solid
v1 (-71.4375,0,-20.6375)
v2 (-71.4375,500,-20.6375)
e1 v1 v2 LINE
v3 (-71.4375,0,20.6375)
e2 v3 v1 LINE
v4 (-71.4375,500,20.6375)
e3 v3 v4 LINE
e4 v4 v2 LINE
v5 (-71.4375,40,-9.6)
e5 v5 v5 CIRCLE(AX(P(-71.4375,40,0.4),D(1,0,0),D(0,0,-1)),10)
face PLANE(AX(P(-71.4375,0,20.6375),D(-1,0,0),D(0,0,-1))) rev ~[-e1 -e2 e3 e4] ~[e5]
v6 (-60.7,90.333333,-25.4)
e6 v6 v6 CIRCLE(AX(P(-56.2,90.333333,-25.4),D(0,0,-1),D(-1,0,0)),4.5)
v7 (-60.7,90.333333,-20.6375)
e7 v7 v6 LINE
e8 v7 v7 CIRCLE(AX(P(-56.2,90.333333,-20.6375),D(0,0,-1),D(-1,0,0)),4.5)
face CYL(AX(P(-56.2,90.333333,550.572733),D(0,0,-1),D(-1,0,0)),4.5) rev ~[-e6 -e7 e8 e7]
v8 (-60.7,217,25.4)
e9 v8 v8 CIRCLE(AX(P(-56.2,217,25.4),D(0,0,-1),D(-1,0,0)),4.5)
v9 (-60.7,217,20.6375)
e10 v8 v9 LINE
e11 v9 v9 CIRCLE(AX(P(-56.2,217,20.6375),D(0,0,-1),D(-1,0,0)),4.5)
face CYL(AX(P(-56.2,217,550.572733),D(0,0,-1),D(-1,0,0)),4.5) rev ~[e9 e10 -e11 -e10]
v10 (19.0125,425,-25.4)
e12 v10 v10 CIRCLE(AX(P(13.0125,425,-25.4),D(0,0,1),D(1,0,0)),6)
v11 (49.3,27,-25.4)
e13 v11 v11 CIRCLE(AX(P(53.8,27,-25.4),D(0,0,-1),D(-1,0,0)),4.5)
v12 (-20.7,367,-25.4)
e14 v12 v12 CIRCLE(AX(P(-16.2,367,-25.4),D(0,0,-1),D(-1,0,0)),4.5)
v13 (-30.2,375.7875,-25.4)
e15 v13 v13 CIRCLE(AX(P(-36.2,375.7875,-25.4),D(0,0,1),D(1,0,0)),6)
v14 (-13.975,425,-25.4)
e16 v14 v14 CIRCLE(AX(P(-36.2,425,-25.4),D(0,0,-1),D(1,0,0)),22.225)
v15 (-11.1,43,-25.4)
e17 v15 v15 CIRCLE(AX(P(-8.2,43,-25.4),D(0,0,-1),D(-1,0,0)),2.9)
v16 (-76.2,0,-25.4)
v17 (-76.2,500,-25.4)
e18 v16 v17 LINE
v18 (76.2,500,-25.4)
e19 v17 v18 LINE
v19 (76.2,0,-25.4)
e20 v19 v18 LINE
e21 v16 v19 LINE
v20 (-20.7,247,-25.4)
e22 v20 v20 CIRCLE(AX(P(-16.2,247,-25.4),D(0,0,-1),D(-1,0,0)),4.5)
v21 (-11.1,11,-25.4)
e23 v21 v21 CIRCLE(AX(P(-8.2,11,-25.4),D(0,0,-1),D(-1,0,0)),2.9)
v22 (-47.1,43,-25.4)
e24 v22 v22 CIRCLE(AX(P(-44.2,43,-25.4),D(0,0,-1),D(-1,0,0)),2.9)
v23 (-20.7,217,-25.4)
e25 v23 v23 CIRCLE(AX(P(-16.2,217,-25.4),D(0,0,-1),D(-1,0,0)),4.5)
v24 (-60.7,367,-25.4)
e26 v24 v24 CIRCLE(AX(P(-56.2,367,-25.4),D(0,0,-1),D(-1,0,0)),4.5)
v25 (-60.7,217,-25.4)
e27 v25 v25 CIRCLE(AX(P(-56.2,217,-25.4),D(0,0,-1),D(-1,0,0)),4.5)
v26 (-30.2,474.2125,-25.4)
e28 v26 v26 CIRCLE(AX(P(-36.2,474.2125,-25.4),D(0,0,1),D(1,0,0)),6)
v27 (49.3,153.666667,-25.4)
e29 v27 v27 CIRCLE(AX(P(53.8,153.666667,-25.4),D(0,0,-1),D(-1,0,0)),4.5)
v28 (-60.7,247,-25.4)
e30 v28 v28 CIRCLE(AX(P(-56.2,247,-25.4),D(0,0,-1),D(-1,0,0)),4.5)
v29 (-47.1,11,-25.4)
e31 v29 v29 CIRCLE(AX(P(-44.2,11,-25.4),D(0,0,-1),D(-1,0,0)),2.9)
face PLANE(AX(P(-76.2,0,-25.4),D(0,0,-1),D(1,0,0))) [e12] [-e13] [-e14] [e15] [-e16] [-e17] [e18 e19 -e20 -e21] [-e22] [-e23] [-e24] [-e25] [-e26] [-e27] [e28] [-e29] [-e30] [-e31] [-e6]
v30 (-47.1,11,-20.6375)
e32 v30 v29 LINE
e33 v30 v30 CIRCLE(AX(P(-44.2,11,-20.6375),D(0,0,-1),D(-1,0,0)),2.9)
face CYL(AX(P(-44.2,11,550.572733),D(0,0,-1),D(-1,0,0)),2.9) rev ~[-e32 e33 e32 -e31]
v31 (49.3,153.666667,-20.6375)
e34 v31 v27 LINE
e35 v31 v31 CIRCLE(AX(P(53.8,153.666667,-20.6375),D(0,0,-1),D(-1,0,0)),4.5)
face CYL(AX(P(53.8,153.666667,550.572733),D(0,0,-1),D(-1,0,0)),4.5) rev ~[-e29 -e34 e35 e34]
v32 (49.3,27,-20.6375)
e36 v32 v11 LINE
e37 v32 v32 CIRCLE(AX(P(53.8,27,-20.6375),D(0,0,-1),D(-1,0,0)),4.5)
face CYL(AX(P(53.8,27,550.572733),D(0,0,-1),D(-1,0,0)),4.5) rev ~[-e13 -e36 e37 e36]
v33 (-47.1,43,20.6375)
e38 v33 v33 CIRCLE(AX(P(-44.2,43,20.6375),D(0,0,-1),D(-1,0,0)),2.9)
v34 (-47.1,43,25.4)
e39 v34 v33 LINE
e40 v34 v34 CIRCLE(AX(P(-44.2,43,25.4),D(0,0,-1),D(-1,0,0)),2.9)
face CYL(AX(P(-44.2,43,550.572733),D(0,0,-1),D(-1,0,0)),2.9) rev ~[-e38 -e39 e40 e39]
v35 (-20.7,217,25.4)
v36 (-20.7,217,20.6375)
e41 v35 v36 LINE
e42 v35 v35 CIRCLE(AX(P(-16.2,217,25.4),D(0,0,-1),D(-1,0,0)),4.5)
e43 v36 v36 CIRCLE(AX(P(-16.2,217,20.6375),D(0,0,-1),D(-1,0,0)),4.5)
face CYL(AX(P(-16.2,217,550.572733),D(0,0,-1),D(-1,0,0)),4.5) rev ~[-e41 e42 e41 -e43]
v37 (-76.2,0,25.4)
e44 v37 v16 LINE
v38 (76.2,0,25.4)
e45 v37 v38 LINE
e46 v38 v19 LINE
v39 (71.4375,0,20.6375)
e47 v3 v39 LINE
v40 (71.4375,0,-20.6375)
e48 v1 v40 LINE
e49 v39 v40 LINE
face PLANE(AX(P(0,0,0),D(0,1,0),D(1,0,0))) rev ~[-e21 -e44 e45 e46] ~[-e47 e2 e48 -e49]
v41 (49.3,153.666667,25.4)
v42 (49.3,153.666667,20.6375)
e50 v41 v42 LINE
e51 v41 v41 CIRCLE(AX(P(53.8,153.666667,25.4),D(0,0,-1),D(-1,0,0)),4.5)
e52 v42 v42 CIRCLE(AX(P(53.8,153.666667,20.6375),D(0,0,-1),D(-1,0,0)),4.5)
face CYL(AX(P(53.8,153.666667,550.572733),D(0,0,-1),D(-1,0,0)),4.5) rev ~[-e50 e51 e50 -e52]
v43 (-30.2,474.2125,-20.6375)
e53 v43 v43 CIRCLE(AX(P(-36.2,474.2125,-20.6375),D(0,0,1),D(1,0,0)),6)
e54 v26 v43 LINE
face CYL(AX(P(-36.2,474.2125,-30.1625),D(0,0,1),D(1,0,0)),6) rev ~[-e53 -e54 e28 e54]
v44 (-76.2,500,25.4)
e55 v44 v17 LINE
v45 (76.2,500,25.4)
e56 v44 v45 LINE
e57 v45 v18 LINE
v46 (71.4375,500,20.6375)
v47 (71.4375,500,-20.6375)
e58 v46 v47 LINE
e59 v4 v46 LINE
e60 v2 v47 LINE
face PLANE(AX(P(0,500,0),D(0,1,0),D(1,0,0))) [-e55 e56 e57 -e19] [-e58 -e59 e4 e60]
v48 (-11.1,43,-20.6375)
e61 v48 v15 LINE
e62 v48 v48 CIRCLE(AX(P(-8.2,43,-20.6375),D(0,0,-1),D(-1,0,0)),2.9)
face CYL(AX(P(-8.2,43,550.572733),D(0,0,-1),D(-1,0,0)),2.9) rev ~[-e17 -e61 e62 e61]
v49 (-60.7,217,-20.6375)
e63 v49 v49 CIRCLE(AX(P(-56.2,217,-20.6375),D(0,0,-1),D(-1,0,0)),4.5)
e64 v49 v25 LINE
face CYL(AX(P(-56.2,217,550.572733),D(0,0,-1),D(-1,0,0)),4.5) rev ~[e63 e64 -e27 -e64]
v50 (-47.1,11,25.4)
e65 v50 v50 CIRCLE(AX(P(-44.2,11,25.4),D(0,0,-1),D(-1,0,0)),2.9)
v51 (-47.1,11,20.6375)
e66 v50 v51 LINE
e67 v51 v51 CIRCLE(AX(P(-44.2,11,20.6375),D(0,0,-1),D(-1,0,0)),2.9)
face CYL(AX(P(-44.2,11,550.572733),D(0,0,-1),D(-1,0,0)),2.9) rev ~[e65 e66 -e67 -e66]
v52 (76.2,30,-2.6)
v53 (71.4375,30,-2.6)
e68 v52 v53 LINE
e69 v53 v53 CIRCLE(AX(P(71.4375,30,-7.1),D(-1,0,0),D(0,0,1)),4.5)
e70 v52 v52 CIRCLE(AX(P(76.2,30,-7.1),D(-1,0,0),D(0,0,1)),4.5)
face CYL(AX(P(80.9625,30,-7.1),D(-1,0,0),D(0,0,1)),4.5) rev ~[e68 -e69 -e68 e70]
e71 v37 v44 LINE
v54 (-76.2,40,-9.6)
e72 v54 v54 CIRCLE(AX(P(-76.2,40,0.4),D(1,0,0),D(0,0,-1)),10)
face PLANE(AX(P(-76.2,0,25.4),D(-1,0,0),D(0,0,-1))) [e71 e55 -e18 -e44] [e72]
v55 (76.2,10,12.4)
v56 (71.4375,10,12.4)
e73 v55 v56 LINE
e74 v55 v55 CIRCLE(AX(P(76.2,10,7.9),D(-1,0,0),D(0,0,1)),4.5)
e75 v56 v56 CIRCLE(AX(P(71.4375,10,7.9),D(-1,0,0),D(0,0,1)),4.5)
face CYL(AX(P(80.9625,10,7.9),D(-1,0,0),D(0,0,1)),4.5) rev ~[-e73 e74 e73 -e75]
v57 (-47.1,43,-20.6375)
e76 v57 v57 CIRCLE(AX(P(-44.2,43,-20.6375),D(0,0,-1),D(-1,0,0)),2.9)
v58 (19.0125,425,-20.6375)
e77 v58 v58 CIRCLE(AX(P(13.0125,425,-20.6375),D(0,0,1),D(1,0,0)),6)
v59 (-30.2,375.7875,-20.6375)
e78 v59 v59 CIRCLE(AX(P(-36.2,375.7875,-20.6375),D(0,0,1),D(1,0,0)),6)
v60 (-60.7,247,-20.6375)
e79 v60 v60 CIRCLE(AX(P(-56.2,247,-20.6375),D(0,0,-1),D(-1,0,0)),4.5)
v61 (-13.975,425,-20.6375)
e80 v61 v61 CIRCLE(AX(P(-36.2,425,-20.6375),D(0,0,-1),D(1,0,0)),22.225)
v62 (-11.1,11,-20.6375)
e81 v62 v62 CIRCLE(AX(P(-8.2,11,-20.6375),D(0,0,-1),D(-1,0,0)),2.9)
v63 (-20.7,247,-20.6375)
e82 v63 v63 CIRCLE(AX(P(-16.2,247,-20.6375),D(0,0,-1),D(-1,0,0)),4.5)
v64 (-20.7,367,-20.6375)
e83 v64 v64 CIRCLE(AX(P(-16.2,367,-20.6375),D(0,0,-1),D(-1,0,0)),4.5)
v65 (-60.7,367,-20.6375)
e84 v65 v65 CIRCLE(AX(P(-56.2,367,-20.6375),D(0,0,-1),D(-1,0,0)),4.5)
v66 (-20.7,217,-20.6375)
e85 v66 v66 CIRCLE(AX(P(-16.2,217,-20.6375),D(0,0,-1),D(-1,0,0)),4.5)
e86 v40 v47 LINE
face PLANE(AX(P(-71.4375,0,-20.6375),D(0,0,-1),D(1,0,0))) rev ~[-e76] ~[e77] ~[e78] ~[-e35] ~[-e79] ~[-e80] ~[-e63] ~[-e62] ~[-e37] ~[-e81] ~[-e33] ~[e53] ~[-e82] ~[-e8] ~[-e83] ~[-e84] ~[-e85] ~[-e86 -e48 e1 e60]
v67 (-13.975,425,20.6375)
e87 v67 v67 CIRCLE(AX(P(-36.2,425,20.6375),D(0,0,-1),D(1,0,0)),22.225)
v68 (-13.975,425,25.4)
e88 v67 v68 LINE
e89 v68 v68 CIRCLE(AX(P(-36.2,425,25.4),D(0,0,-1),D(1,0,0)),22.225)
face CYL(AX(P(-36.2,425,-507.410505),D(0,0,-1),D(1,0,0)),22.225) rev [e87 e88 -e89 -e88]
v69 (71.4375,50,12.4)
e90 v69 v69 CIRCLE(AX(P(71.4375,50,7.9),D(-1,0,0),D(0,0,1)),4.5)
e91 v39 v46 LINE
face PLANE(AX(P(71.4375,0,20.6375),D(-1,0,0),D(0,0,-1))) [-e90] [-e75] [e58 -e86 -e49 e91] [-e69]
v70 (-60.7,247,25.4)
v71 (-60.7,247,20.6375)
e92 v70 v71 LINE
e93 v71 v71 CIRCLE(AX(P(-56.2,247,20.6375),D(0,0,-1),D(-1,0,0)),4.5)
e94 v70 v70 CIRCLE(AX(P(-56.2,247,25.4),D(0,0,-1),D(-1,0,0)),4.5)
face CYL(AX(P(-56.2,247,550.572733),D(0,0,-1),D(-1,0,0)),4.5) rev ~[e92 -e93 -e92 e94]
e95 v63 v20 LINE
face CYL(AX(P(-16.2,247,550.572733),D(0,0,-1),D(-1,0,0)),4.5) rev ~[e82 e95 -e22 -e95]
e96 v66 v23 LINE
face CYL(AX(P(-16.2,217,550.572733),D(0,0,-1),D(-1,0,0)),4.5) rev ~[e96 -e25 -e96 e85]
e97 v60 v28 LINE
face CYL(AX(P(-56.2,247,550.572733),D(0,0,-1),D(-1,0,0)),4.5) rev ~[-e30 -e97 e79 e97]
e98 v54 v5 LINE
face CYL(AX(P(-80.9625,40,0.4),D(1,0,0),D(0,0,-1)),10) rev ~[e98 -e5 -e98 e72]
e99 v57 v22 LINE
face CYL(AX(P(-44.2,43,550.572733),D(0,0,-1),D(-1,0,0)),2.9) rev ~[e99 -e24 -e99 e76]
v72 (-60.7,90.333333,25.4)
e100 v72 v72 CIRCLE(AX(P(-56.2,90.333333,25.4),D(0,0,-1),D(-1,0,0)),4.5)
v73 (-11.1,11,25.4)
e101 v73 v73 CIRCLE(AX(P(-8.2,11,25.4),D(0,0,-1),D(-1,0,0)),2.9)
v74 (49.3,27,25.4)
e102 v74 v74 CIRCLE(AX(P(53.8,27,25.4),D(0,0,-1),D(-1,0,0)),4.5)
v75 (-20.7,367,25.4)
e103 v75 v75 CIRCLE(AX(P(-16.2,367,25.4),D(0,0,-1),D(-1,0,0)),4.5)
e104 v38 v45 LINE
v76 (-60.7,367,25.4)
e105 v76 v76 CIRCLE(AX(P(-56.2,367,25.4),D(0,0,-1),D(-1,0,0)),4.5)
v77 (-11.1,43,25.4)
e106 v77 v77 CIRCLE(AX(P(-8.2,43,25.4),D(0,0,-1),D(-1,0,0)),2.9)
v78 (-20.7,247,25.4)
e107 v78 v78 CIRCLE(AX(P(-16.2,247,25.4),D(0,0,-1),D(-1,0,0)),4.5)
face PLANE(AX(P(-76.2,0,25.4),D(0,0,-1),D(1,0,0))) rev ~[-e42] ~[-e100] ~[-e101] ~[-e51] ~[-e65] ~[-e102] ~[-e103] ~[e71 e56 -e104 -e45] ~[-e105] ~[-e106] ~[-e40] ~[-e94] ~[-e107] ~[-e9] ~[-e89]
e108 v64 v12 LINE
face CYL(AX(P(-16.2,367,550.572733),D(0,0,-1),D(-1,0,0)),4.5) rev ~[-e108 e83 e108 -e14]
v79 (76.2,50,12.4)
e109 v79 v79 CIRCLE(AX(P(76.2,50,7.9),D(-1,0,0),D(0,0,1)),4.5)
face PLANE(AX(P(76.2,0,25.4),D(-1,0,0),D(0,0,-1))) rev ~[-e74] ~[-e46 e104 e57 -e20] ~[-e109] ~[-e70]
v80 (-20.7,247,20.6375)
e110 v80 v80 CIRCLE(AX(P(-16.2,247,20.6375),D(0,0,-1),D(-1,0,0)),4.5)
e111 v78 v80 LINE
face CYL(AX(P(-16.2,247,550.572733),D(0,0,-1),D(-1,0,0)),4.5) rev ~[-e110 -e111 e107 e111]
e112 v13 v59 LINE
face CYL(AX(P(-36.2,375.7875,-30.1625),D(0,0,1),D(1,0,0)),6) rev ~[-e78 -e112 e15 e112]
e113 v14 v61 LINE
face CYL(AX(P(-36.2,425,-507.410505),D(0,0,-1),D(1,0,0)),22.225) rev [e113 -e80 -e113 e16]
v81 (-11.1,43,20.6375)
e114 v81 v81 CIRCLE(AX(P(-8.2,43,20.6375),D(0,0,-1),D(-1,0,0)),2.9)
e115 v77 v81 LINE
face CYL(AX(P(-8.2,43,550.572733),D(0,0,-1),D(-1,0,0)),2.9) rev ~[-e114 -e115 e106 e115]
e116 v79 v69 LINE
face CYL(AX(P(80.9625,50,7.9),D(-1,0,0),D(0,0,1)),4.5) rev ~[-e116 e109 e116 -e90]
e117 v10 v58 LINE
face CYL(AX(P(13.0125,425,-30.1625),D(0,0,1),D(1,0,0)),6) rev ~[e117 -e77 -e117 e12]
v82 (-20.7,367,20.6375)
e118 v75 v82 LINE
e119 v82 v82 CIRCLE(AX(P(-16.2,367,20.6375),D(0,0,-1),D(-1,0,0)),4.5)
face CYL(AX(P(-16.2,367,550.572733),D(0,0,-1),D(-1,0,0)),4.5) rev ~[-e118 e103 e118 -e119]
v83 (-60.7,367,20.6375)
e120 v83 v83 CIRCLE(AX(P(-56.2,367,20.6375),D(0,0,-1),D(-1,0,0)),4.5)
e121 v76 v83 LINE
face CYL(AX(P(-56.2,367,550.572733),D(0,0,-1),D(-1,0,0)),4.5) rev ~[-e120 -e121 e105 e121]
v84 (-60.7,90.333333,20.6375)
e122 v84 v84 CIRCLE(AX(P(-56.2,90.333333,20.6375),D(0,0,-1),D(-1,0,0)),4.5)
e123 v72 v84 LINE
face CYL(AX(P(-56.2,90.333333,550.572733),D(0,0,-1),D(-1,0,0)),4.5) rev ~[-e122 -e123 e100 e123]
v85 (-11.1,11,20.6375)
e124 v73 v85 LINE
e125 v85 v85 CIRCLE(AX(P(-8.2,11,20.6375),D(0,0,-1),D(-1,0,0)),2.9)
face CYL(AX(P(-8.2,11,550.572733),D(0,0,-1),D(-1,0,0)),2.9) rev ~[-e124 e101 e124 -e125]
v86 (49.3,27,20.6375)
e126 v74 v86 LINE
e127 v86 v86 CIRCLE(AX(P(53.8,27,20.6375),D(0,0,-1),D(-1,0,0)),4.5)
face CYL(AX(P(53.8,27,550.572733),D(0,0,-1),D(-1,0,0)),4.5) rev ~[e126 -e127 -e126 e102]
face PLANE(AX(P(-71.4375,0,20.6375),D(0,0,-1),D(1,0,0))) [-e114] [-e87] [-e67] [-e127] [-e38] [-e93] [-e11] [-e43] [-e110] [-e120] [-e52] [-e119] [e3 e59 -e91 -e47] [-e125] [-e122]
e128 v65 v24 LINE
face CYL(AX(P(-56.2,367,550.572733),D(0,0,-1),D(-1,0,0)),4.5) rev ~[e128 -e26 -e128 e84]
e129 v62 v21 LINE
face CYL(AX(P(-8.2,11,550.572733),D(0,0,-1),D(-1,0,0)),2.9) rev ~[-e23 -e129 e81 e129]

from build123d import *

# Parameters (mm, degrees)
SKETCH1_W                      = 152.4
SKETCH1_H                      = 50.8
SKETCH1_W_2                    = 142.875
SKETCH1_H_2                    = 41.275
EXTRUDE_THIN1_DEPTH            = 500
M8_CLEARANCE_HOLE1_D           = 9
M8_CLEARANCE_HOLE2_D           = 9
F_12_0_12_DIAMETER_HOLE1_D     = 12
F_12_0_12_DIAMETER_HOLE1_DEPTH = 4.7625
CUT_EXTRUDE1_DEPTH             = 507.41050542
CUT_EXTRUDE1_DEPTH_BACK        = 507.41050542
SKETCH9_R                      = 22.225
M5_CLEARANCE_HOLE1_D           = 5.8
M8_CLEARANCE_HOLE3_D           = 9
M8_CLEARANCE_HOLE3_DEPTH       = 4.7625
F_20_0_20_DIAMETER_HOLE1_D     = 20
F_20_0_20_DIAMETER_HOLE1_DEPTH = 4.7625


with BuildPart() as part:
    # Sketch1 → Extrude-Thin1 (new body)
    with BuildSketch(Plane(origin=(0, 0, 0), x_dir=(1, 0, 0), z_dir=(0, 1, 0))):
        Rectangle(SKETCH1_W, SKETCH1_H)
        Rectangle(SKETCH1_W_2, SKETCH1_H_2, mode=Mode.SUBTRACT)
    extrude(amount=EXTRUDE_THIN1_DEPTH)

    # M8 Clearance Hole1 (through all)
    with Locations(Plane.XY.offset(25.4)):
        with Locations((53.8, 153.666666667), (-56.2, 217), (-16.2, 217), (-56.2, 90.333333333), (53.8, 27)):
            Hole(M8_CLEARANCE_HOLE1_D / 2)

    # M8 Clearance Hole2 (through all)
    with Locations(Plane.XY.offset(25.4)):
        with Locations((-56.2, 367), (-16.2, 247), (-56.2, 247), (-16.2, 367)):
            Hole(M8_CLEARANCE_HOLE2_D / 2)

    # Ø12.0 (12) Diameter Hole1
    with Locations(Plane(origin=(0, 0, -25.4), x_dir=(-1, 0, 0), z_dir=(0, 0, -1))):
        with Locations((36.2, 375.7875), (-13.0125, 425), (36.2, 474.2125)):
            Hole(F_12_0_12_DIAMETER_HOLE1_D / 2, depth=F_12_0_12_DIAMETER_HOLE1_DEPTH)

    # Sketch9 → Cut-Extrude1 (cut, two sides: drawn at the far end of the back side and taken through both)
    with BuildSketch(Plane.XY.offset(-CUT_EXTRUDE1_DEPTH_BACK)):
        with Locations((-36.2, 425)):
            Circle(SKETCH9_R)
    extrude(amount=CUT_EXTRUDE1_DEPTH + CUT_EXTRUDE1_DEPTH_BACK, mode=Mode.SUBTRACT)

    # M5 Clearance Hole1 (through all)
    with Locations(Plane.XY.offset(25.4)):
        with Locations((-44.2, 11), (-8.2, 43), (-8.2, 11), (-44.2, 43)):
            Hole(M5_CLEARANCE_HOLE1_D / 2)

    # M8 Clearance Hole3
    with Locations(Plane(origin=(76.2, 0, 0), x_dir=(0, 0, -1), z_dir=(1, 0, 0))):
        with Locations((-7.9, 50), (-7.9, 10), (7.1, 30)):
            Hole(M8_CLEARANCE_HOLE3_D / 2, depth=M8_CLEARANCE_HOLE3_DEPTH)

    # Ø20.0 (20) Diameter Hole1
    with Locations(Plane.ZY.offset(76.2)):
        with Locations((0.4, 40)):
            Hole(F_20_0_20_DIAMETER_HOLE1_D / 2, depth=F_20_0_20_DIAMETER_HOLE1_DEPTH)


solid = part.part
